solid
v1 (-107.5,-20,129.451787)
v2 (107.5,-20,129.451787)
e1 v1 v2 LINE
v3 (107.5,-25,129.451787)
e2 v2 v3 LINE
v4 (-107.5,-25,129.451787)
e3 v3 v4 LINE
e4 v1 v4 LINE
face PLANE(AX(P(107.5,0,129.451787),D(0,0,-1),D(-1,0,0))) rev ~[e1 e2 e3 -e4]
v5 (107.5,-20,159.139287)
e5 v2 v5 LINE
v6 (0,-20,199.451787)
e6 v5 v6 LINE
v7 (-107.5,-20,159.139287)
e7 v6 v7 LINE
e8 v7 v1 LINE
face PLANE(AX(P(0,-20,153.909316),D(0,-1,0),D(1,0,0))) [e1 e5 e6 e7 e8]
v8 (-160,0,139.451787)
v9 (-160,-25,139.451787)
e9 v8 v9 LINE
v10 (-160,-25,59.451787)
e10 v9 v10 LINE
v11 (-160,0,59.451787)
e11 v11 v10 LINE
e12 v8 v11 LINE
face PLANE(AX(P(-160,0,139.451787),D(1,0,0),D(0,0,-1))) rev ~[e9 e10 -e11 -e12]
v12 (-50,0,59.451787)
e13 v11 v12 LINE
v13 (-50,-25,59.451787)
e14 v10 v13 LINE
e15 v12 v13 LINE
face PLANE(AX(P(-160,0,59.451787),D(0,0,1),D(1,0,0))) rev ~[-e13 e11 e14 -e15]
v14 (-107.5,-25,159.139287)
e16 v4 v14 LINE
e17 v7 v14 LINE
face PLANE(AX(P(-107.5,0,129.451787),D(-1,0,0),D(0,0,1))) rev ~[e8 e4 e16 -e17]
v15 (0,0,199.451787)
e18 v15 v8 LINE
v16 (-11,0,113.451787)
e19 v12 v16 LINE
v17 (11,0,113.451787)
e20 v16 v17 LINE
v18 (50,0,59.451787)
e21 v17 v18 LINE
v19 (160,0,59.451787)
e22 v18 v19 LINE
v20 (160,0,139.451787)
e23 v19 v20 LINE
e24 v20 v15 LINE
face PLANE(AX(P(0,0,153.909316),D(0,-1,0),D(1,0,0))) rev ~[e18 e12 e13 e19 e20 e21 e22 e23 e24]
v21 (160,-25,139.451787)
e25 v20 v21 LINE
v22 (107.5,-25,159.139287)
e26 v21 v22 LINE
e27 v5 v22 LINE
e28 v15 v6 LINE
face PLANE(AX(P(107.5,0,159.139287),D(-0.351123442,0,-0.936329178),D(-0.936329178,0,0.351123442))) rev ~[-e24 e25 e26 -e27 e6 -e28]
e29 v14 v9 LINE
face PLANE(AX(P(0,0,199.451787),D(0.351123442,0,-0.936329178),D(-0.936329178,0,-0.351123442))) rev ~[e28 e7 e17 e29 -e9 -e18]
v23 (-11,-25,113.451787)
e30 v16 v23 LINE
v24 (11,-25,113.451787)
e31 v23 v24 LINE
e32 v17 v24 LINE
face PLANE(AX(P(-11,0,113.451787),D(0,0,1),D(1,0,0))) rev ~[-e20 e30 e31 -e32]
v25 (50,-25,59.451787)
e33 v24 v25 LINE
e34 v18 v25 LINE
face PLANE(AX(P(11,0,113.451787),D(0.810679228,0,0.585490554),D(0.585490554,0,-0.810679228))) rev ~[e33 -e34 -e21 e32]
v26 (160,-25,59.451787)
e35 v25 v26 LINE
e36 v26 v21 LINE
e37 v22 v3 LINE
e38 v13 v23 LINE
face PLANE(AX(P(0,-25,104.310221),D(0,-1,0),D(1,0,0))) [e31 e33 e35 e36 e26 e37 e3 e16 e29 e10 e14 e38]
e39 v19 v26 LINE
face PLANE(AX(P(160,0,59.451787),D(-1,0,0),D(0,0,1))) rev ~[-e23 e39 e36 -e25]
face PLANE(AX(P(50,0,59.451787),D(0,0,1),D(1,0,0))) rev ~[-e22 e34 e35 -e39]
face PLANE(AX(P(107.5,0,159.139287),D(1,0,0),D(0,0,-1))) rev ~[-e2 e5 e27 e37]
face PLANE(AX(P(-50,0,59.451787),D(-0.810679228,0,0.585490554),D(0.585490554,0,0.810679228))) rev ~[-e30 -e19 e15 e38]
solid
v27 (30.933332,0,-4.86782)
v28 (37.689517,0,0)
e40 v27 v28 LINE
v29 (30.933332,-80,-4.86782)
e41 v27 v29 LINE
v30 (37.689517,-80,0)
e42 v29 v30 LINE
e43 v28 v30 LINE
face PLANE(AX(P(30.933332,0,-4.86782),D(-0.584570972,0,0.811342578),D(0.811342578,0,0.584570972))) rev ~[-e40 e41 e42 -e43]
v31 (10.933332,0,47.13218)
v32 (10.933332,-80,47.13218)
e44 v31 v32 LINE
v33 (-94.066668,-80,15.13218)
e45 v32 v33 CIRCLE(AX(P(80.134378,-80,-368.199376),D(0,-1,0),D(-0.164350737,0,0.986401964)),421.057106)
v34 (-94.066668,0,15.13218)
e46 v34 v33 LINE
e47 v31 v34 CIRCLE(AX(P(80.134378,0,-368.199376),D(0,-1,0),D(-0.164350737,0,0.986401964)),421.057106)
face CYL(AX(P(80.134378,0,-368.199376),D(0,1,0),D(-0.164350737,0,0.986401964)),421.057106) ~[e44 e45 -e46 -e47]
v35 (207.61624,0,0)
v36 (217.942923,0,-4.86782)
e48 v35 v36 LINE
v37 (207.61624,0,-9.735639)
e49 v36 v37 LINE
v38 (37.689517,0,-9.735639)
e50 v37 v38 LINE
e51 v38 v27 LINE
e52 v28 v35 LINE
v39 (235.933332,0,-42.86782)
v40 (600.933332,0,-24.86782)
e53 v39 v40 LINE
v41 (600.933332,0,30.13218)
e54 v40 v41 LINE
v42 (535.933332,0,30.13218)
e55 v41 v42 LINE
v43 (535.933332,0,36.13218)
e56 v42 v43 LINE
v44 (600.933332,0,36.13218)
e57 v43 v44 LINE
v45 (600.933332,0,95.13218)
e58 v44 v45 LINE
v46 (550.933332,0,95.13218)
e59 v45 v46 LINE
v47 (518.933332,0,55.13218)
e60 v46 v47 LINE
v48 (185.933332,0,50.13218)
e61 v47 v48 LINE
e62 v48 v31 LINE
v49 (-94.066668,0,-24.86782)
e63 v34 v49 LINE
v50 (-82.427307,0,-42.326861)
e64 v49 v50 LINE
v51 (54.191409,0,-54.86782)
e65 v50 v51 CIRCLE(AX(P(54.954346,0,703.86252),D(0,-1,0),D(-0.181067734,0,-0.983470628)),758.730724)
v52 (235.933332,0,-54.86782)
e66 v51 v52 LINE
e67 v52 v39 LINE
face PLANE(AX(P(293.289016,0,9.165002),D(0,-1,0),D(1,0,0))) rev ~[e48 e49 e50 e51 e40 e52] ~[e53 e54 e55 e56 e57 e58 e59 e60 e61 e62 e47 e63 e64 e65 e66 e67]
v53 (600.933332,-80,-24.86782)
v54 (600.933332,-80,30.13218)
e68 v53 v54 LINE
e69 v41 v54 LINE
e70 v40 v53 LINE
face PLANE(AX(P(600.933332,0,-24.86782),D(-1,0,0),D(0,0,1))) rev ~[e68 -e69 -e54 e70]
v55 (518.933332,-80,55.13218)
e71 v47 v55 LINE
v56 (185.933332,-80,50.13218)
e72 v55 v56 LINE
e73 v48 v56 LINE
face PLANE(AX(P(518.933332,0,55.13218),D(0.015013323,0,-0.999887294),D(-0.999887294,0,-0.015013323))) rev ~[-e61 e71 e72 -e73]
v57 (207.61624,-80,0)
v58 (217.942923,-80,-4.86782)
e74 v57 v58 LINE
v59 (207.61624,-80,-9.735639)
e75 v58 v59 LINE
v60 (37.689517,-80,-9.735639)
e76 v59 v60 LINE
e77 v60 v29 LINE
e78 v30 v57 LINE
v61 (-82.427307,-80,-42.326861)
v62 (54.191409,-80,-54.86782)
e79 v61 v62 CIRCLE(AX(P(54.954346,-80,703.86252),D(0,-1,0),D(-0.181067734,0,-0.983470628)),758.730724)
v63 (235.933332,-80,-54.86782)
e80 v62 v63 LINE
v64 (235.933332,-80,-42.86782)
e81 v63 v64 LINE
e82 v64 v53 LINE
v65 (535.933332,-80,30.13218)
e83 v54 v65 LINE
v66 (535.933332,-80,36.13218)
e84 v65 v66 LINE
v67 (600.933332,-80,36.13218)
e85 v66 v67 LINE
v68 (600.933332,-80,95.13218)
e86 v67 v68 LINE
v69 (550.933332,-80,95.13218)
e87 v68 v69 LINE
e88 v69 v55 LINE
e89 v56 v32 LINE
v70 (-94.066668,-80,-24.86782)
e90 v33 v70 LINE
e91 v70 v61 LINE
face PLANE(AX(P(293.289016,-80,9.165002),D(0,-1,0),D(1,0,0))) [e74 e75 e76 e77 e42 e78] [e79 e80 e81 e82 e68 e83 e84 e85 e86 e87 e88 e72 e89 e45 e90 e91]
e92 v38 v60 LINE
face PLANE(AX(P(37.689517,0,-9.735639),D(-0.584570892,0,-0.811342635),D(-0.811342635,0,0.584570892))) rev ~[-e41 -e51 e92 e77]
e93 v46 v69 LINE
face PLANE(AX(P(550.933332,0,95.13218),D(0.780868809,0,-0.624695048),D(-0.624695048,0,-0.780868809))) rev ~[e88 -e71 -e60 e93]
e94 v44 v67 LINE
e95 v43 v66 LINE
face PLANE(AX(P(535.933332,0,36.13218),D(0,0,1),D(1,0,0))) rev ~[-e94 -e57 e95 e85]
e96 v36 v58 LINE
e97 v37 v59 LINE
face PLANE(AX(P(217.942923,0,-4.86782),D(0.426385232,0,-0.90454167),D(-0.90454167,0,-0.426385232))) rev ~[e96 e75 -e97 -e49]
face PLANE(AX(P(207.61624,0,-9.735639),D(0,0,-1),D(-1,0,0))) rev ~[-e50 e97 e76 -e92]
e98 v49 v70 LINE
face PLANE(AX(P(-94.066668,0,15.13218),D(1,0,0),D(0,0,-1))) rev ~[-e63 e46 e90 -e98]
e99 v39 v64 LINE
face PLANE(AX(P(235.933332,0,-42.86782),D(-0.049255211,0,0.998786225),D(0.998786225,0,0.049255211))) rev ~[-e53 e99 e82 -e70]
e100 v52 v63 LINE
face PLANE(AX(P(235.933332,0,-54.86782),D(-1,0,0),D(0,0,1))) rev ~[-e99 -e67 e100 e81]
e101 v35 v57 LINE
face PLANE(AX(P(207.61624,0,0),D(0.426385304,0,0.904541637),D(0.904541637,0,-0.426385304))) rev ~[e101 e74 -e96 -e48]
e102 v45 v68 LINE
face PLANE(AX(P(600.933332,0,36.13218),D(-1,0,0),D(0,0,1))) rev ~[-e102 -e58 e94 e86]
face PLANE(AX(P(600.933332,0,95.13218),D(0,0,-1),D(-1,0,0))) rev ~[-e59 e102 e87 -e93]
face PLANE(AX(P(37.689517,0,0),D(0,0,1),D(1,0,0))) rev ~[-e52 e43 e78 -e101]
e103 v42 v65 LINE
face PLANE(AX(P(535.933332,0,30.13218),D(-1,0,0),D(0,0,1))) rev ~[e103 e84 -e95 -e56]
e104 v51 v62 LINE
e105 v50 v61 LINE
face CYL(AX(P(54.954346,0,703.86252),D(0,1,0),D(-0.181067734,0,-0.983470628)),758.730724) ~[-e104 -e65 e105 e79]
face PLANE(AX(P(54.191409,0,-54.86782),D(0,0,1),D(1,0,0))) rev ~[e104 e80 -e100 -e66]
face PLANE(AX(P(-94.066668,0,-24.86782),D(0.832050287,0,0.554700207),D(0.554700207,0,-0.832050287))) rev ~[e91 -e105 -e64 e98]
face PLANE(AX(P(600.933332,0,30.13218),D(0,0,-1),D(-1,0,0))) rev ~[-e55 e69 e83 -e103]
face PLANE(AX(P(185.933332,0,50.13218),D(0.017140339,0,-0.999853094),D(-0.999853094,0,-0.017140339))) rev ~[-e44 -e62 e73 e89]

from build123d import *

# Parameters (mm, degrees)
F1_DEPTH = 80
F3_DEPTH = 25
F4_DEPTH = 20


with BuildPart() as f1:
    # F0 (on Front) → F1 (new body)
    with BuildSketch(Plane.XZ):
        with BuildLine():
            Line((10.933332, 47.13218), (-94.066668, 15.13218))
            Line((-94.066668, 15.13218), (-94.066668, -24.86782))
            Line((-94.066668, -24.86782), (-82.427307, -42.326861))
            ThreePointArc((-82.427307, -42.326861), (-14.401986, -51.691588), (54.191409, -54.86782))
            Line((54.191409, -54.86782), (55.717245, -54.86782))
            Line((55.717245, -54.86782), (235.933332, -54.86782))
            Line((235.933332, -54.86782), (235.933332, -42.86782))
            Line((235.933332, -42.86782), (600.933332, -24.86782))
            Line((600.933332, -24.86782), (600.933332, 30.13218))
            Line((600.933332, 30.13218), (535.933332, 30.13218))
            Line((535.933332, 30.13218), (535.933332, 36.13218))
            Line((535.933332, 36.13218), (600.933332, 36.13218))
            Line((600.933332, 36.13218), (600.933332, 95.13218))
            Line((600.933332, 95.13218), (550.933332, 95.13218))
            Line((550.933332, 95.13218), (518.933332, 55.13218))
            Line((518.933332, 55.13218), (185.933332, 50.13218))
            Line((185.933332, 50.13218), (10.933332, 47.13218))
        make_face()
        Polygon((37.689517, -9.735639), (30.933332, -4.86782), (37.689517, 0), (207.61624, 0), (217.942923, -4.86782), (207.61624, -9.735639), align=None, mode=Mode.SUBTRACT)
        with BuildLine():
            ThreePointArc((10.933332, 47.13218), (-42.613919, 34.568475), (-94.066668, 15.13218))
            Line((-94.066668, 15.13218), (10.933332, 47.13218))
        make_face()
    extrude(amount=F1_DEPTH)


with BuildPart() as f3:
    # F2 (on Front) → F3 (new body)
    with BuildSketch(Plane.XZ):
        Polygon((-11, 113.451787), (0, 113.451787), (11, 113.451787), (50, 59.451787), (160, 59.451787), (160, 139.451787), (107.5, 159.139287), (107.5, 129.451787), (0, 129.451787), (-107.5, 129.451787), (-107.5, 159.139287), (-160, 139.451787), (-160, 59.451787), (-50, 59.451787), align=None)
    extrude(amount=F3_DEPTH)

    # F2 (on Front) → F4 (join)
    with BuildSketch(Plane.XZ):
        Polygon((0, 199.451787), (-107.5, 159.139287), (-107.5, 129.451787), (0, 129.451787), (107.5, 129.451787), (107.5, 159.139287), align=None)
    extrude(amount=F4_DEPTH)


solid = Compound([f1.part, f3.part])
